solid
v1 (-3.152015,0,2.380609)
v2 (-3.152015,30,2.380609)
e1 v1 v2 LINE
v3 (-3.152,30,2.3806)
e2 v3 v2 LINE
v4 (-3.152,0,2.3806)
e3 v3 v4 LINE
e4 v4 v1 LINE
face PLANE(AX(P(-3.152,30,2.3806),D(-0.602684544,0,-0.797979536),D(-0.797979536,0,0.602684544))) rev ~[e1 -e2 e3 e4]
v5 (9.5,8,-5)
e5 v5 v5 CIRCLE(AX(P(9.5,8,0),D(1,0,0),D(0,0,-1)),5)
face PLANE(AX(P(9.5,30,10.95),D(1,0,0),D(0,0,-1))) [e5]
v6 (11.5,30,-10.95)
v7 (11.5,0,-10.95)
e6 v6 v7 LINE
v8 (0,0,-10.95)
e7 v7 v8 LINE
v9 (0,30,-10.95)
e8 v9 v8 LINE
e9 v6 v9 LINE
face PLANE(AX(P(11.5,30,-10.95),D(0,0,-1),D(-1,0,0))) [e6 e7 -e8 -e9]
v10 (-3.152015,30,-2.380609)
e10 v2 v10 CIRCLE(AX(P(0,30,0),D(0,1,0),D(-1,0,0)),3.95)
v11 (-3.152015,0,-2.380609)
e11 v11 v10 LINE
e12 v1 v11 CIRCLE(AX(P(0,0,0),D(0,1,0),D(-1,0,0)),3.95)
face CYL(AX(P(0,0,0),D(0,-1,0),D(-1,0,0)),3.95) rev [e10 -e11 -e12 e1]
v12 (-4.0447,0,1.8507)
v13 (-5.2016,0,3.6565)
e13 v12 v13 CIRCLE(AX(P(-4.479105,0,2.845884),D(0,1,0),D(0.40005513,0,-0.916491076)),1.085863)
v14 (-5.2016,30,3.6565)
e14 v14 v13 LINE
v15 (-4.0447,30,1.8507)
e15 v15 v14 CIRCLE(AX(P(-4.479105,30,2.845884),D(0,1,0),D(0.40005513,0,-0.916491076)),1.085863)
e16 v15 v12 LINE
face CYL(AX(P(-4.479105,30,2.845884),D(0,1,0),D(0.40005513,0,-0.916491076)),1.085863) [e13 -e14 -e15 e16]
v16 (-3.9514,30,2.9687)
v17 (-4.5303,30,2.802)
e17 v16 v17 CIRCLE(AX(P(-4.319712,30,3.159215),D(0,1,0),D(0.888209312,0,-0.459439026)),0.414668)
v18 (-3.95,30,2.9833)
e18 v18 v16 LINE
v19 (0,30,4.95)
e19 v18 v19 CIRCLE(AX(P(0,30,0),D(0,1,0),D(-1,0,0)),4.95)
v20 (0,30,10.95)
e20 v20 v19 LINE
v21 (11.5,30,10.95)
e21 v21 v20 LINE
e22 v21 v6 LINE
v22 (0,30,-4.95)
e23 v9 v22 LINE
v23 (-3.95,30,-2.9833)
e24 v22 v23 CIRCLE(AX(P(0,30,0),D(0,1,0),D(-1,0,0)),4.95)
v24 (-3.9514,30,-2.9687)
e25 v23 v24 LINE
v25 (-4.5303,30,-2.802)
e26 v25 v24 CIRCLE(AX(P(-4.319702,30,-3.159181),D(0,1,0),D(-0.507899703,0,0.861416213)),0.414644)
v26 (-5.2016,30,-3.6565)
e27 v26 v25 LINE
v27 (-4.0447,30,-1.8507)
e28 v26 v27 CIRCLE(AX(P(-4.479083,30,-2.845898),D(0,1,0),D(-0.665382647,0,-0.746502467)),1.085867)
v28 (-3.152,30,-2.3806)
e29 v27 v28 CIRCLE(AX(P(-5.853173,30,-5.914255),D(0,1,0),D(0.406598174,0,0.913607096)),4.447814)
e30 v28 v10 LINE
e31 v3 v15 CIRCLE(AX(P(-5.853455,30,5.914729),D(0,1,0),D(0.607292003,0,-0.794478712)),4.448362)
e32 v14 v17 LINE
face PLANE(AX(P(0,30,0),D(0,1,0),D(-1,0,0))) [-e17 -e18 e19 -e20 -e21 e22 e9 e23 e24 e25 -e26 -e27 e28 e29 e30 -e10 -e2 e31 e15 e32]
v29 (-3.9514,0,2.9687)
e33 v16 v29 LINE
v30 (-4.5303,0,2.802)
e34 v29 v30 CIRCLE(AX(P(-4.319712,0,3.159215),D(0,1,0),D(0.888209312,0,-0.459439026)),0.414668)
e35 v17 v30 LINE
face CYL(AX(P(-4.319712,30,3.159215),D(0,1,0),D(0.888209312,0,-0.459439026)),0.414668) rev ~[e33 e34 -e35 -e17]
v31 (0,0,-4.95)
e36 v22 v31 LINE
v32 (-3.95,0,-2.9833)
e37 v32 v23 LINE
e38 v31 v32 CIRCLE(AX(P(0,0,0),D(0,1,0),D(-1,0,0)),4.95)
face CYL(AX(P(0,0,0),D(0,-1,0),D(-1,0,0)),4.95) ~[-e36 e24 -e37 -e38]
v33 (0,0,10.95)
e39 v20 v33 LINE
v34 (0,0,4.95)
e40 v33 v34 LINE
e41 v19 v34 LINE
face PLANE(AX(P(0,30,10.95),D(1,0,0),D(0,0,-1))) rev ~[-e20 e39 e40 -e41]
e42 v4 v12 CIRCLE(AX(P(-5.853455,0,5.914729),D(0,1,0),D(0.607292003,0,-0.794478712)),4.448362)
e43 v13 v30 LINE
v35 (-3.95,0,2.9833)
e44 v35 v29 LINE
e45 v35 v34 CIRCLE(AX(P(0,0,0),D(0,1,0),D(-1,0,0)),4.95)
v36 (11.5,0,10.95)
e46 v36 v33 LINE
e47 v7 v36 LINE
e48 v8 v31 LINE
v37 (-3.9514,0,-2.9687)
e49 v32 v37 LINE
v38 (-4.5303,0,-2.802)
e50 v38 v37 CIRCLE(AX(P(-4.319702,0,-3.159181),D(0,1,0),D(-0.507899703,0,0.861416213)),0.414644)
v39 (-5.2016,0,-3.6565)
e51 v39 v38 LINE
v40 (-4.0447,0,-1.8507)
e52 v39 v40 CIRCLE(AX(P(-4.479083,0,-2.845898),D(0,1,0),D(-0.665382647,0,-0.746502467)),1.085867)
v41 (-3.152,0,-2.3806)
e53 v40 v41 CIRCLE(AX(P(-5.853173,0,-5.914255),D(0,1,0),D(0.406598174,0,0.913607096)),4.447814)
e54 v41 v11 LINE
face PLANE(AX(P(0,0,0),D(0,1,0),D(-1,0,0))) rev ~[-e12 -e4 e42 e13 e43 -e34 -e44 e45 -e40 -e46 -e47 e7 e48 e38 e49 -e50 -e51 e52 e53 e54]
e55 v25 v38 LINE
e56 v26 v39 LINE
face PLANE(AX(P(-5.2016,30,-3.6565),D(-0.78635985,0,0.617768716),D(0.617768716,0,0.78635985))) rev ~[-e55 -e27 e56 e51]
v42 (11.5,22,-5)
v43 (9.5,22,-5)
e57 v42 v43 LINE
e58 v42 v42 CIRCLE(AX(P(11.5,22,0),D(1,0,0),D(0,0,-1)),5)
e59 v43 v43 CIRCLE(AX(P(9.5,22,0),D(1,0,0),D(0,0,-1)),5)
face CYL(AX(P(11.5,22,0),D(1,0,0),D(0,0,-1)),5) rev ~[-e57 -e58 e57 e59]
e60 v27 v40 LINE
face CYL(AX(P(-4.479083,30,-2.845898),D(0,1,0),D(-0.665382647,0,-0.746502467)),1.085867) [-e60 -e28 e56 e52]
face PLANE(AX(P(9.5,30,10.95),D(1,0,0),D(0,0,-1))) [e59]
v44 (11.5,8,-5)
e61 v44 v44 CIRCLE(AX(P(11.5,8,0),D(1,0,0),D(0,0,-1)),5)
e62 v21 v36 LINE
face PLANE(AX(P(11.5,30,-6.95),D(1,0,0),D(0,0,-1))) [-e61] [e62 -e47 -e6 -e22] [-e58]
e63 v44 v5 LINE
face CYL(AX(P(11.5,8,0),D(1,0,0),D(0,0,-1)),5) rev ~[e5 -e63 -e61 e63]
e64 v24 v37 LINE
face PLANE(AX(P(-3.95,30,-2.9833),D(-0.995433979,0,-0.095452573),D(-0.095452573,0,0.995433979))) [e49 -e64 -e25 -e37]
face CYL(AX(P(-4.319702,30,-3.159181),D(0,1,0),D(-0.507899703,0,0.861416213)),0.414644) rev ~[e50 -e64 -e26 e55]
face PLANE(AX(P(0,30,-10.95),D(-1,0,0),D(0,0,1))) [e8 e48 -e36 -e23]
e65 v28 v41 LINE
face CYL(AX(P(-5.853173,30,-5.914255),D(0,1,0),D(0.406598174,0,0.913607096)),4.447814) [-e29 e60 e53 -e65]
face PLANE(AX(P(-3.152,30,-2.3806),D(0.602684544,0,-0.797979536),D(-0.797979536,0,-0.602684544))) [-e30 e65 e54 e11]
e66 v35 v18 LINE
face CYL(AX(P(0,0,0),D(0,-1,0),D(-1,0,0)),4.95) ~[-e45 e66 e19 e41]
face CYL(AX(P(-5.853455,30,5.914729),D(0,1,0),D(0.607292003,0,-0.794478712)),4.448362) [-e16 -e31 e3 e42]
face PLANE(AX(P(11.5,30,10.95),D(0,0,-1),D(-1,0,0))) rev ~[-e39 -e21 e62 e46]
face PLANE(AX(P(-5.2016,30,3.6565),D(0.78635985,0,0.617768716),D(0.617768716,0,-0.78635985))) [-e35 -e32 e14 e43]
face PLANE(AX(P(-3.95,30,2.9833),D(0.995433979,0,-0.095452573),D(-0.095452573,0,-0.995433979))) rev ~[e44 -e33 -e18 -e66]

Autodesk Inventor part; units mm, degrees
ref_plane "YZ Plane" through (0, 0, 0) normal (1, 0, 0) x (0, 1, 0)
ref_plane "XZ Plane" through (0, 0, 0) normal (0, 1, 0) x (-1, 0, 0)
sketch "Эскиз1" plane through (0, 0, 0) normal (0, 1, 0) x (-1, 0, 0)
  circle A0 centre (0, 0) radius 3.95
  circle A1 centre (0, 0) radius 4.95
  line L0 (0, 0) -> (3.95, 2.9833)
  line L1 (0, 0) -> (3.95, -2.9833)
  point P0 (3.152, -2.3806)
  point P1 (3.152, 2.3806)
  dimension "d0" = 7.9
  dimension "d1" = 9.9
extrude "Выдавливание1" add sketch "Эскиз1" along normal blind 30 contours A0 L1 A1 L0 picked at (3.1693, 3.3115)
sketch "Эскиз2" plane through (0, 30, 0) normal (0, 1, 0) x (1, 0, 0)
  arc A0 (-3.152, -2.3806) -> (-4.0447, -1.8507) centre (-5.8533, -5.9145) ccw
  arc A1 (-4.0447, -1.8507) -> (-5.2016, -3.6565) centre (-4.4791, -2.8459) ccw
  line L0 (-5.2016, -3.6565) -> (-4.5303, -2.802)
  arc A2 (-3.9514, -2.9687) -> (-4.5303, -2.802) centre (-4.3197, -3.1592) ccw
  line L1 (0, 0) -> (-3.2711, 0)
  arc A3 (-4.0447, 1.8507) -> (-3.152, 2.3806) centre (-5.8533, 5.9145) ccw
  arc A4 (-5.2016, 3.6565) -> (-4.0447, 1.8507) centre (-4.4791, 2.8459) ccw
  line L2 (-5.2016, 3.6565) -> (-4.5303, 2.802)
  arc A5 (-4.5303, 2.802) -> (-3.9514, 2.9687) centre (-4.3197, 3.1592) ccw
  line L3 (-3.152, -2.3806) -> (-3.95, -2.9833) projected
  line L4 (-3.95, -2.9833) -> (-3.152, -2.3806)
  line L5 (-3.95, -2.9833) -> (-3.9514, -2.9687)
  line L6 (-3.152, 2.3806) -> (-3.95, 2.9833)
  line L7 (-3.95, 2.9833) -> (-3.9514, 2.9687)
extrude "Выдавливание2" add sketch "Эскиз2" against normal blind 30
sketch "Эскиз3" plane through (0, 30, 0) normal (0, 1, 0) x (1, 0, 0)
  arc A0 (-3.95, -2.9833) -> (-3.95, 2.9833) centre (0, 0) ccw projected
  line L0 (11.5, -6.95) -> (11.5, 6.95)
  arc A1 (-3.152, -2.3806) -> (-3.152, 2.3806) centre (0, 0) ccw projected
  arc A2 (0, -3.95) -> (0, 3.95) centre (0, 0) ccw
  line L1 (0, -4.95) -> (0, -3.95)
  line L2 (0, 3.95) -> (0, 4.95)
  line L3 (11.5, 6.95) -> (11.5, 10.95)
  line L4 (11.5, -6.95) -> (11.5, -10.95)
  line L5 (11.5, 10.95) -> (0, 10.95)
  line L6 (0, 10.95) -> (0, 4.95)
  line L7 (11.5, -10.95) -> (0, -10.95)
  line L8 (0, -10.95) -> (0, -4.95)
  dimension "d13" = 4
  dimension "d14" = 4
  dimension "d21" = 11.5
  dimension "d22" = 21.9
  dimension "d23" = 7
extrude "Выдавливание3" add sketch "Эскиз3" against normal blind 30 contours A0 L6 L5 L3 L0 L4 L7 L8
sketch "Эскиз5" plane through (11.5, 30, 10.95) normal (1, 0, 0) x (0, 0, -1)
  circle A0 centre (10.95, -22) radius 5 projected
  circle A1 centre (10.95, -22) radius 5
  circle A2 centre (10.95, -8) radius 5 projected
  circle A3 centre (10.95, -8) radius 5
  point P0 (10.95, -30)
extrude "Выдавливание5" cut sketch "Эскиз5" against normal blind 2
properties part number "крепление маркера 8мм"
